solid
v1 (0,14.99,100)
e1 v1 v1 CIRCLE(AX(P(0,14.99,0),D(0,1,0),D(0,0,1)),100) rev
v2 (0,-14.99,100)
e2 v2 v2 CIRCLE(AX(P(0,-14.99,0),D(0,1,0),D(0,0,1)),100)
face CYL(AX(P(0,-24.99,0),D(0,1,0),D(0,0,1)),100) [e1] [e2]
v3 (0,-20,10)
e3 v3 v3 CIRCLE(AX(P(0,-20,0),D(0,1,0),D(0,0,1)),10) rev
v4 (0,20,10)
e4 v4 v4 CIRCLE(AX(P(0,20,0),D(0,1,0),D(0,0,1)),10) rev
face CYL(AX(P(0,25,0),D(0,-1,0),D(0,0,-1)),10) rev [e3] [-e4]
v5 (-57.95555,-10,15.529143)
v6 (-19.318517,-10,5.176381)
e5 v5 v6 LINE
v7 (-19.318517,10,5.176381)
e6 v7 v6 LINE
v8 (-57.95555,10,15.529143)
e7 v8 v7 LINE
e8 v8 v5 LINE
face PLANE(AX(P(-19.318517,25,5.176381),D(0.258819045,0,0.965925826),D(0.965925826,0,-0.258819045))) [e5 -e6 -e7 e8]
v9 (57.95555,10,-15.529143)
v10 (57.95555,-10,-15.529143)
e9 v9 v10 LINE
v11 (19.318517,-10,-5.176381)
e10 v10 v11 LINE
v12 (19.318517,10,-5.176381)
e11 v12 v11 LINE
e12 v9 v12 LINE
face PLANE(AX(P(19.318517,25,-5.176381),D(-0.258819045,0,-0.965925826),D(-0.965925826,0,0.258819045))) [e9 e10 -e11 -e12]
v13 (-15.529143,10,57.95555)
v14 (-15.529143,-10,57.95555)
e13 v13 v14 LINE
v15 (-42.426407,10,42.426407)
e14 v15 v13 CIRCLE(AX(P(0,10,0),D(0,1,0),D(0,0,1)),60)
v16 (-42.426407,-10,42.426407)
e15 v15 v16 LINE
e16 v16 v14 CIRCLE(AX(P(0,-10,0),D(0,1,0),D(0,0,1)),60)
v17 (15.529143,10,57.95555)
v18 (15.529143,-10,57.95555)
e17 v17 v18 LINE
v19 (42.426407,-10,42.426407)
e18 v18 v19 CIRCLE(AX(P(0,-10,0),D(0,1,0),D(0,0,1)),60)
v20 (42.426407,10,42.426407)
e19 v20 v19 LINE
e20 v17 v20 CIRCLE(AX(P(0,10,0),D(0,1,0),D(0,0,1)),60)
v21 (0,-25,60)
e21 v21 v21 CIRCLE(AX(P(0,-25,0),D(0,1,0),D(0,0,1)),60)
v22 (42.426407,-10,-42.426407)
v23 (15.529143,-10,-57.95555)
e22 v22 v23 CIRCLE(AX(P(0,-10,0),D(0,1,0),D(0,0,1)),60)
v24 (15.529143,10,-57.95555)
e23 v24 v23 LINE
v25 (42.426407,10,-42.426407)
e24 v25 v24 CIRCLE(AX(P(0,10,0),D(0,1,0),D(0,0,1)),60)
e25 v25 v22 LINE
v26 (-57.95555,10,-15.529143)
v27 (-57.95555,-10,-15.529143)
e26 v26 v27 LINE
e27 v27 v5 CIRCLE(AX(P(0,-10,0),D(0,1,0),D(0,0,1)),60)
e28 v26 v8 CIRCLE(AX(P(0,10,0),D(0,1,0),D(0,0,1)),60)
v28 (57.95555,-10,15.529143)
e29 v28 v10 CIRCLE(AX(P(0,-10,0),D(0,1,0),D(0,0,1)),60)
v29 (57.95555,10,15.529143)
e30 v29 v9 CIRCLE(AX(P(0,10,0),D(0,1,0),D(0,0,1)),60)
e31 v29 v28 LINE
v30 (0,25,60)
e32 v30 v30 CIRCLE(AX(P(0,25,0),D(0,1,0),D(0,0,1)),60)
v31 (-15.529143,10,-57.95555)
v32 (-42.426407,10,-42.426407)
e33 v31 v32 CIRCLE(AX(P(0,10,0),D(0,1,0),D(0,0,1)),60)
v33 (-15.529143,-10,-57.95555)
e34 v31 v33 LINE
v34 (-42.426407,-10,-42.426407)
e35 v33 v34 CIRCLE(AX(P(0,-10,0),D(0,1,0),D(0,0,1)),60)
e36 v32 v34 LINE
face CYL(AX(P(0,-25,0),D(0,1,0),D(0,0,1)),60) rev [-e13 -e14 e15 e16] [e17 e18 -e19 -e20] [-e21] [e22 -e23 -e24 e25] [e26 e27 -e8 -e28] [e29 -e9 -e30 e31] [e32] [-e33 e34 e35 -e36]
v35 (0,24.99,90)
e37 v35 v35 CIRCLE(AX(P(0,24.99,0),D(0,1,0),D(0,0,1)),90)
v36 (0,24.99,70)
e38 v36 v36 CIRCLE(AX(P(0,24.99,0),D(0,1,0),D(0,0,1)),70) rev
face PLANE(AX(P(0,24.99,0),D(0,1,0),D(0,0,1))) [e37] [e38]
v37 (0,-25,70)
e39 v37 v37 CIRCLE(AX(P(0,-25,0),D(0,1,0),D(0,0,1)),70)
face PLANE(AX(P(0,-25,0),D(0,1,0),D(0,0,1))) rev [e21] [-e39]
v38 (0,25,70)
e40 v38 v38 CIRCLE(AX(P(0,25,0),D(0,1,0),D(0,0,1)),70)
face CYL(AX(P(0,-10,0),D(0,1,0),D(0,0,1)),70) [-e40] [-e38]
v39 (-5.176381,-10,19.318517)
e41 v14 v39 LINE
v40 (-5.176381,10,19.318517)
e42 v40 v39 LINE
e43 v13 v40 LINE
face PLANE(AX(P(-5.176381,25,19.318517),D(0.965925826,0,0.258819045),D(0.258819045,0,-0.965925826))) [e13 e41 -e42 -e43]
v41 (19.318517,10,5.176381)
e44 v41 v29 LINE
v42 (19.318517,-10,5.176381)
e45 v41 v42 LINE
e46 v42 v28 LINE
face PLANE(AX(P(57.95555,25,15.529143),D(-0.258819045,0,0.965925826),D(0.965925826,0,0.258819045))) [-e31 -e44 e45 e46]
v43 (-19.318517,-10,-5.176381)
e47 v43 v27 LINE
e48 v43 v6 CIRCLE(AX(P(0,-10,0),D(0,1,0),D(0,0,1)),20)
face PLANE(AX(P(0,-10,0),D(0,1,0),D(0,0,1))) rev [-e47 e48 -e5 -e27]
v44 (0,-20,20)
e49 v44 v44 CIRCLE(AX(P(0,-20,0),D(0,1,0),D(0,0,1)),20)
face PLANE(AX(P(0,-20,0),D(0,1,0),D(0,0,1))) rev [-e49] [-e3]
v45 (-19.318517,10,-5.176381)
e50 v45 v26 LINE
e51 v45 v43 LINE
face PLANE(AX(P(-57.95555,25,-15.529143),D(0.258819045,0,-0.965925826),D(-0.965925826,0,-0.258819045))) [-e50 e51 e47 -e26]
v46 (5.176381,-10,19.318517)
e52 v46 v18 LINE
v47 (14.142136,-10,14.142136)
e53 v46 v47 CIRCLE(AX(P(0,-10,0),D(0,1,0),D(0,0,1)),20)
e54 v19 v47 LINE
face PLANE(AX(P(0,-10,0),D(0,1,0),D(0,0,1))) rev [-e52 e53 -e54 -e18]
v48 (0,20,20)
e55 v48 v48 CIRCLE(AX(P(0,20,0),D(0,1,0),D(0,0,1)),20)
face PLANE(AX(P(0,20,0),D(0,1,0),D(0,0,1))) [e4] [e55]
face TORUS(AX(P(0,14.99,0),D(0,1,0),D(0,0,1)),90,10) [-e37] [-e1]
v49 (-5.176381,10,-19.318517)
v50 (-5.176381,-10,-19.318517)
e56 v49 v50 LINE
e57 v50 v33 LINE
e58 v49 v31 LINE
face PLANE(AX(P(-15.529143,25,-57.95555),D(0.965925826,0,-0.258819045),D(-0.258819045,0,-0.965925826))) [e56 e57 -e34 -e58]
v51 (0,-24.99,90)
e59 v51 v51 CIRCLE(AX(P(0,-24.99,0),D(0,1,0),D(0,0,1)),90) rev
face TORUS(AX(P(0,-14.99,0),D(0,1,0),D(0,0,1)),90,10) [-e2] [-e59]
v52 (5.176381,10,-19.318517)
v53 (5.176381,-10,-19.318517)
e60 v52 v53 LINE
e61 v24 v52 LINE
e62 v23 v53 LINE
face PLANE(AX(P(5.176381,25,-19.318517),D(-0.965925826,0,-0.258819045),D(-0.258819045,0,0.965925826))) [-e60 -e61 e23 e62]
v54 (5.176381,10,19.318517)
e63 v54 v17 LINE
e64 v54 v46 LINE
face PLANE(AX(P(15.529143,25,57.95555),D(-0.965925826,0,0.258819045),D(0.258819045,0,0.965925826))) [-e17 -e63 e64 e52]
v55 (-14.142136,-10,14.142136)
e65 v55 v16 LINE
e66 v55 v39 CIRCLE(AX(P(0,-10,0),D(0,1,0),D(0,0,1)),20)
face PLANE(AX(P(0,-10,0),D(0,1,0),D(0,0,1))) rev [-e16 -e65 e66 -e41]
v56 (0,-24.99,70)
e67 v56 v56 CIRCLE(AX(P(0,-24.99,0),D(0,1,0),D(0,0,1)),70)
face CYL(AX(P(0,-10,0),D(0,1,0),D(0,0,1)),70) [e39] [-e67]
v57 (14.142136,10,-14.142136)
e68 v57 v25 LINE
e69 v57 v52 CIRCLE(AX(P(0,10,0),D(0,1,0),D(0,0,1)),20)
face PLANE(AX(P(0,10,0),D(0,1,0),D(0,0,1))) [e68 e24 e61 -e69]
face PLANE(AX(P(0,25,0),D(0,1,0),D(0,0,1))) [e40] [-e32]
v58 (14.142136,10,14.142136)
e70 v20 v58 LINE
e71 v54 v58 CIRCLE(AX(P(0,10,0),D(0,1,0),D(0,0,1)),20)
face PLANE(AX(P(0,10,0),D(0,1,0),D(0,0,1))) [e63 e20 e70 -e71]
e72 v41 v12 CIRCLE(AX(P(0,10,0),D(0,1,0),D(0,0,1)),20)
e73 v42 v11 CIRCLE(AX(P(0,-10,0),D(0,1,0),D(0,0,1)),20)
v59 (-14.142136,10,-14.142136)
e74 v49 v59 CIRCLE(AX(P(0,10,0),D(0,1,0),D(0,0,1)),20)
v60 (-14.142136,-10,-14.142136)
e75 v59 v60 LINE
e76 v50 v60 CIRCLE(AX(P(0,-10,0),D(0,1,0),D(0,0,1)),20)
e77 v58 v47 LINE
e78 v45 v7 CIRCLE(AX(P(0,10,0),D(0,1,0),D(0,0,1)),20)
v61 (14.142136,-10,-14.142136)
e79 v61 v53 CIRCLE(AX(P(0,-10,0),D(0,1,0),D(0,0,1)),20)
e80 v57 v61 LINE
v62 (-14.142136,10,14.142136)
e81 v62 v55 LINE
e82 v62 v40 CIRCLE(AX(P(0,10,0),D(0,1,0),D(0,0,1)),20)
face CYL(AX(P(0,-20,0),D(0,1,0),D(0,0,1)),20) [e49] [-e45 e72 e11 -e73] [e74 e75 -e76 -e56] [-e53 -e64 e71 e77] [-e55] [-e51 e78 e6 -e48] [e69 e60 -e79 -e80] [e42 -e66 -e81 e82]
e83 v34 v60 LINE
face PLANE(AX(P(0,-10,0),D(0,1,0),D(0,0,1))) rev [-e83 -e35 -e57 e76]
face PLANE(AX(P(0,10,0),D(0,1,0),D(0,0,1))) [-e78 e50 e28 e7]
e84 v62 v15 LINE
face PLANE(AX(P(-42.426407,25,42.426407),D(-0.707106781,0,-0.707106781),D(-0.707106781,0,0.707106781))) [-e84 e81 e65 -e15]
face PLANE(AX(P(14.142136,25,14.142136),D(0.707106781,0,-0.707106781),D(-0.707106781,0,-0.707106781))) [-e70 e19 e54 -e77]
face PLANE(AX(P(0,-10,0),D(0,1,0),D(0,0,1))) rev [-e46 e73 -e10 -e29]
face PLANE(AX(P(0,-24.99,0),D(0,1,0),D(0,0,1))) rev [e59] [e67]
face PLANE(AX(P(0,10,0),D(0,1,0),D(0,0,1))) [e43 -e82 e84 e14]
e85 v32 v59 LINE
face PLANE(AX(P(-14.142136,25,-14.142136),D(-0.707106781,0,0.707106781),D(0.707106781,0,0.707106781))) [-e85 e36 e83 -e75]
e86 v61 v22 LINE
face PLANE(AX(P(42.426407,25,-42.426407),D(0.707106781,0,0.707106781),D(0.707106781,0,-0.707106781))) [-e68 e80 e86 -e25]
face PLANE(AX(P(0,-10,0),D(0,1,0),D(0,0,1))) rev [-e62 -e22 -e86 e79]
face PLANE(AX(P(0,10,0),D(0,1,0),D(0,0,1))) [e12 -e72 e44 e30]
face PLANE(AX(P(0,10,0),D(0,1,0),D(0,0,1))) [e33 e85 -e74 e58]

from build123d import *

# Parameters (mm, degrees)
EXTRUDE_1_DEPTH          = 10
EXTRUDE_1_DEPTH_BACK     = 10
SKETCH_1_R               = 70
EXTRUDE_2_DEPTH          = 20
EXTRUDE_2_DEPTH_BACK     = 20
SKETCH_2_R               = 20
EXTRUDE_3_DEPTH          = 25
EXTRUDE_3_DEPTH_BACK     = 25
SKETCH_3_R               = 70
SKETCH_3_R_2             = 60
CUT_EXTRUDE_1_DEPTH      = 25
CUT_EXTRUDE_1_DEPTH_BACK = 25
SKETCH_4_R               = 10
CUT_EXTRUDE_2_DEPTH      = 25
PATTERN_CIRCULAR_1_COUNT = 6
EXTRUDE_4_DEPTH          = 24.99
EXTRUDE_4_DEPTH_BACK     = 24.99
SKETCH_6_R               = 100
SKETCH_6_R_2             = 70
FILLET_1_R               = 10


with BuildPart() as part:
    # 草图1 → 凸台-拉伸1 (new, two sides: drawn at the far end of the back side and taken through both)
    with BuildSketch(Plane(origin=(0, 0, 0), x_dir=(1, 0, 0), z_dir=(0, 1, 0)).offset(-EXTRUDE_1_DEPTH_BACK)):
        Circle(SKETCH_1_R)
    extrude(amount=EXTRUDE_1_DEPTH + EXTRUDE_1_DEPTH_BACK)



with BuildPart() as body_2:
    # 草图2 → 凸台-拉伸2 (new, two sides: drawn at the far end of the back side and taken through both)
    with BuildSketch(Plane(origin=(0, 0, 0), x_dir=(1, 0, 0), z_dir=(0, 1, 0)).offset(-EXTRUDE_2_DEPTH_BACK)):
        Circle(SKETCH_2_R)
    extrude(amount=EXTRUDE_2_DEPTH + EXTRUDE_2_DEPTH_BACK)


with BuildPart() as part_1:
    add(part.part)

    add(body_2.part)  # 凸台-拉伸3 merges body 2
    # 草图3 → 凸台-拉伸3 (add, two sides: drawn at the far end of the back side and taken through both)
    with BuildSketch(Plane(origin=(0, 0, 0), x_dir=(1, 0, 0), z_dir=(0, 1, 0)).offset(-EXTRUDE_3_DEPTH_BACK)):
        Circle(SKETCH_3_R)
        Circle(SKETCH_3_R_2, mode=Mode.SUBTRACT)
    extrude(amount=EXTRUDE_3_DEPTH + EXTRUDE_3_DEPTH_BACK)

    # 草图4 → 切除-拉伸1 (cut, two sides: drawn at the far end of the back side and taken through both)
    with BuildSketch(Plane(origin=(0, 0, 0), x_dir=(1, 0, 0), z_dir=(0, 1, 0)).offset(-CUT_EXTRUDE_1_DEPTH_BACK)):
        Circle(SKETCH_4_R)
    extrude(amount=CUT_EXTRUDE_1_DEPTH + CUT_EXTRUDE_1_DEPTH_BACK, mode=Mode.SUBTRACT)

    # 草图5 → 切除-拉伸2 (cut, symmetric)
    with BuildSketch(Plane(origin=(0, 0, 0), x_dir=(1, 0, 0), z_dir=(0, 1, 0))):
        with BuildLine():
            Line((5.176381, 19.318517), (15.529143, 57.95555))
            ThreePointArc((15.529143, 57.95555), (0, 60), (-15.529143, 57.95555))
            Line((-15.529143, 57.95555), (-5.176381, 19.318517))
            ThreePointArc((-5.176381, 19.318517), (0, 20), (5.176381, 19.318517))
        make_face()
    cut_extrude_2 = extrude(amount=CUT_EXTRUDE_2_DEPTH, both=True, mode=Mode.SUBTRACT)

    # 阵列(圆周)1: 切除-拉伸2 ×6 about axis
    pattern_circular_1_axis = Axis((0, 20, 0), (0, -1, 0))
    for i in range(1, PATTERN_CIRCULAR_1_COUNT):
        add(cut_extrude_2.rotate(pattern_circular_1_axis, i * 360 / PATTERN_CIRCULAR_1_COUNT), mode=Mode.SUBTRACT)

    # 草图6 → 凸台-拉伸4 (add, two sides: drawn at the far end of the back side and taken through both)
    with BuildSketch(Plane(origin=(0, 0, 0), x_dir=(1, 0, 0), z_dir=(0, 1, 0)).offset(-EXTRUDE_4_DEPTH_BACK)):
        Circle(SKETCH_6_R)
        Circle(SKETCH_6_R_2, mode=Mode.SUBTRACT)
    extrude(amount=EXTRUDE_4_DEPTH + EXTRUDE_4_DEPTH_BACK)

    # 圆角1
    fillet_1_edges = [part_1.edges().sort_by_distance(p)[0] for p in [
        (-100, -24.99, 0),
        (-100, 24.99, 0),
    ]]
    fillet(fillet_1_edges, radius=FILLET_1_R)


solid = part_1.part
